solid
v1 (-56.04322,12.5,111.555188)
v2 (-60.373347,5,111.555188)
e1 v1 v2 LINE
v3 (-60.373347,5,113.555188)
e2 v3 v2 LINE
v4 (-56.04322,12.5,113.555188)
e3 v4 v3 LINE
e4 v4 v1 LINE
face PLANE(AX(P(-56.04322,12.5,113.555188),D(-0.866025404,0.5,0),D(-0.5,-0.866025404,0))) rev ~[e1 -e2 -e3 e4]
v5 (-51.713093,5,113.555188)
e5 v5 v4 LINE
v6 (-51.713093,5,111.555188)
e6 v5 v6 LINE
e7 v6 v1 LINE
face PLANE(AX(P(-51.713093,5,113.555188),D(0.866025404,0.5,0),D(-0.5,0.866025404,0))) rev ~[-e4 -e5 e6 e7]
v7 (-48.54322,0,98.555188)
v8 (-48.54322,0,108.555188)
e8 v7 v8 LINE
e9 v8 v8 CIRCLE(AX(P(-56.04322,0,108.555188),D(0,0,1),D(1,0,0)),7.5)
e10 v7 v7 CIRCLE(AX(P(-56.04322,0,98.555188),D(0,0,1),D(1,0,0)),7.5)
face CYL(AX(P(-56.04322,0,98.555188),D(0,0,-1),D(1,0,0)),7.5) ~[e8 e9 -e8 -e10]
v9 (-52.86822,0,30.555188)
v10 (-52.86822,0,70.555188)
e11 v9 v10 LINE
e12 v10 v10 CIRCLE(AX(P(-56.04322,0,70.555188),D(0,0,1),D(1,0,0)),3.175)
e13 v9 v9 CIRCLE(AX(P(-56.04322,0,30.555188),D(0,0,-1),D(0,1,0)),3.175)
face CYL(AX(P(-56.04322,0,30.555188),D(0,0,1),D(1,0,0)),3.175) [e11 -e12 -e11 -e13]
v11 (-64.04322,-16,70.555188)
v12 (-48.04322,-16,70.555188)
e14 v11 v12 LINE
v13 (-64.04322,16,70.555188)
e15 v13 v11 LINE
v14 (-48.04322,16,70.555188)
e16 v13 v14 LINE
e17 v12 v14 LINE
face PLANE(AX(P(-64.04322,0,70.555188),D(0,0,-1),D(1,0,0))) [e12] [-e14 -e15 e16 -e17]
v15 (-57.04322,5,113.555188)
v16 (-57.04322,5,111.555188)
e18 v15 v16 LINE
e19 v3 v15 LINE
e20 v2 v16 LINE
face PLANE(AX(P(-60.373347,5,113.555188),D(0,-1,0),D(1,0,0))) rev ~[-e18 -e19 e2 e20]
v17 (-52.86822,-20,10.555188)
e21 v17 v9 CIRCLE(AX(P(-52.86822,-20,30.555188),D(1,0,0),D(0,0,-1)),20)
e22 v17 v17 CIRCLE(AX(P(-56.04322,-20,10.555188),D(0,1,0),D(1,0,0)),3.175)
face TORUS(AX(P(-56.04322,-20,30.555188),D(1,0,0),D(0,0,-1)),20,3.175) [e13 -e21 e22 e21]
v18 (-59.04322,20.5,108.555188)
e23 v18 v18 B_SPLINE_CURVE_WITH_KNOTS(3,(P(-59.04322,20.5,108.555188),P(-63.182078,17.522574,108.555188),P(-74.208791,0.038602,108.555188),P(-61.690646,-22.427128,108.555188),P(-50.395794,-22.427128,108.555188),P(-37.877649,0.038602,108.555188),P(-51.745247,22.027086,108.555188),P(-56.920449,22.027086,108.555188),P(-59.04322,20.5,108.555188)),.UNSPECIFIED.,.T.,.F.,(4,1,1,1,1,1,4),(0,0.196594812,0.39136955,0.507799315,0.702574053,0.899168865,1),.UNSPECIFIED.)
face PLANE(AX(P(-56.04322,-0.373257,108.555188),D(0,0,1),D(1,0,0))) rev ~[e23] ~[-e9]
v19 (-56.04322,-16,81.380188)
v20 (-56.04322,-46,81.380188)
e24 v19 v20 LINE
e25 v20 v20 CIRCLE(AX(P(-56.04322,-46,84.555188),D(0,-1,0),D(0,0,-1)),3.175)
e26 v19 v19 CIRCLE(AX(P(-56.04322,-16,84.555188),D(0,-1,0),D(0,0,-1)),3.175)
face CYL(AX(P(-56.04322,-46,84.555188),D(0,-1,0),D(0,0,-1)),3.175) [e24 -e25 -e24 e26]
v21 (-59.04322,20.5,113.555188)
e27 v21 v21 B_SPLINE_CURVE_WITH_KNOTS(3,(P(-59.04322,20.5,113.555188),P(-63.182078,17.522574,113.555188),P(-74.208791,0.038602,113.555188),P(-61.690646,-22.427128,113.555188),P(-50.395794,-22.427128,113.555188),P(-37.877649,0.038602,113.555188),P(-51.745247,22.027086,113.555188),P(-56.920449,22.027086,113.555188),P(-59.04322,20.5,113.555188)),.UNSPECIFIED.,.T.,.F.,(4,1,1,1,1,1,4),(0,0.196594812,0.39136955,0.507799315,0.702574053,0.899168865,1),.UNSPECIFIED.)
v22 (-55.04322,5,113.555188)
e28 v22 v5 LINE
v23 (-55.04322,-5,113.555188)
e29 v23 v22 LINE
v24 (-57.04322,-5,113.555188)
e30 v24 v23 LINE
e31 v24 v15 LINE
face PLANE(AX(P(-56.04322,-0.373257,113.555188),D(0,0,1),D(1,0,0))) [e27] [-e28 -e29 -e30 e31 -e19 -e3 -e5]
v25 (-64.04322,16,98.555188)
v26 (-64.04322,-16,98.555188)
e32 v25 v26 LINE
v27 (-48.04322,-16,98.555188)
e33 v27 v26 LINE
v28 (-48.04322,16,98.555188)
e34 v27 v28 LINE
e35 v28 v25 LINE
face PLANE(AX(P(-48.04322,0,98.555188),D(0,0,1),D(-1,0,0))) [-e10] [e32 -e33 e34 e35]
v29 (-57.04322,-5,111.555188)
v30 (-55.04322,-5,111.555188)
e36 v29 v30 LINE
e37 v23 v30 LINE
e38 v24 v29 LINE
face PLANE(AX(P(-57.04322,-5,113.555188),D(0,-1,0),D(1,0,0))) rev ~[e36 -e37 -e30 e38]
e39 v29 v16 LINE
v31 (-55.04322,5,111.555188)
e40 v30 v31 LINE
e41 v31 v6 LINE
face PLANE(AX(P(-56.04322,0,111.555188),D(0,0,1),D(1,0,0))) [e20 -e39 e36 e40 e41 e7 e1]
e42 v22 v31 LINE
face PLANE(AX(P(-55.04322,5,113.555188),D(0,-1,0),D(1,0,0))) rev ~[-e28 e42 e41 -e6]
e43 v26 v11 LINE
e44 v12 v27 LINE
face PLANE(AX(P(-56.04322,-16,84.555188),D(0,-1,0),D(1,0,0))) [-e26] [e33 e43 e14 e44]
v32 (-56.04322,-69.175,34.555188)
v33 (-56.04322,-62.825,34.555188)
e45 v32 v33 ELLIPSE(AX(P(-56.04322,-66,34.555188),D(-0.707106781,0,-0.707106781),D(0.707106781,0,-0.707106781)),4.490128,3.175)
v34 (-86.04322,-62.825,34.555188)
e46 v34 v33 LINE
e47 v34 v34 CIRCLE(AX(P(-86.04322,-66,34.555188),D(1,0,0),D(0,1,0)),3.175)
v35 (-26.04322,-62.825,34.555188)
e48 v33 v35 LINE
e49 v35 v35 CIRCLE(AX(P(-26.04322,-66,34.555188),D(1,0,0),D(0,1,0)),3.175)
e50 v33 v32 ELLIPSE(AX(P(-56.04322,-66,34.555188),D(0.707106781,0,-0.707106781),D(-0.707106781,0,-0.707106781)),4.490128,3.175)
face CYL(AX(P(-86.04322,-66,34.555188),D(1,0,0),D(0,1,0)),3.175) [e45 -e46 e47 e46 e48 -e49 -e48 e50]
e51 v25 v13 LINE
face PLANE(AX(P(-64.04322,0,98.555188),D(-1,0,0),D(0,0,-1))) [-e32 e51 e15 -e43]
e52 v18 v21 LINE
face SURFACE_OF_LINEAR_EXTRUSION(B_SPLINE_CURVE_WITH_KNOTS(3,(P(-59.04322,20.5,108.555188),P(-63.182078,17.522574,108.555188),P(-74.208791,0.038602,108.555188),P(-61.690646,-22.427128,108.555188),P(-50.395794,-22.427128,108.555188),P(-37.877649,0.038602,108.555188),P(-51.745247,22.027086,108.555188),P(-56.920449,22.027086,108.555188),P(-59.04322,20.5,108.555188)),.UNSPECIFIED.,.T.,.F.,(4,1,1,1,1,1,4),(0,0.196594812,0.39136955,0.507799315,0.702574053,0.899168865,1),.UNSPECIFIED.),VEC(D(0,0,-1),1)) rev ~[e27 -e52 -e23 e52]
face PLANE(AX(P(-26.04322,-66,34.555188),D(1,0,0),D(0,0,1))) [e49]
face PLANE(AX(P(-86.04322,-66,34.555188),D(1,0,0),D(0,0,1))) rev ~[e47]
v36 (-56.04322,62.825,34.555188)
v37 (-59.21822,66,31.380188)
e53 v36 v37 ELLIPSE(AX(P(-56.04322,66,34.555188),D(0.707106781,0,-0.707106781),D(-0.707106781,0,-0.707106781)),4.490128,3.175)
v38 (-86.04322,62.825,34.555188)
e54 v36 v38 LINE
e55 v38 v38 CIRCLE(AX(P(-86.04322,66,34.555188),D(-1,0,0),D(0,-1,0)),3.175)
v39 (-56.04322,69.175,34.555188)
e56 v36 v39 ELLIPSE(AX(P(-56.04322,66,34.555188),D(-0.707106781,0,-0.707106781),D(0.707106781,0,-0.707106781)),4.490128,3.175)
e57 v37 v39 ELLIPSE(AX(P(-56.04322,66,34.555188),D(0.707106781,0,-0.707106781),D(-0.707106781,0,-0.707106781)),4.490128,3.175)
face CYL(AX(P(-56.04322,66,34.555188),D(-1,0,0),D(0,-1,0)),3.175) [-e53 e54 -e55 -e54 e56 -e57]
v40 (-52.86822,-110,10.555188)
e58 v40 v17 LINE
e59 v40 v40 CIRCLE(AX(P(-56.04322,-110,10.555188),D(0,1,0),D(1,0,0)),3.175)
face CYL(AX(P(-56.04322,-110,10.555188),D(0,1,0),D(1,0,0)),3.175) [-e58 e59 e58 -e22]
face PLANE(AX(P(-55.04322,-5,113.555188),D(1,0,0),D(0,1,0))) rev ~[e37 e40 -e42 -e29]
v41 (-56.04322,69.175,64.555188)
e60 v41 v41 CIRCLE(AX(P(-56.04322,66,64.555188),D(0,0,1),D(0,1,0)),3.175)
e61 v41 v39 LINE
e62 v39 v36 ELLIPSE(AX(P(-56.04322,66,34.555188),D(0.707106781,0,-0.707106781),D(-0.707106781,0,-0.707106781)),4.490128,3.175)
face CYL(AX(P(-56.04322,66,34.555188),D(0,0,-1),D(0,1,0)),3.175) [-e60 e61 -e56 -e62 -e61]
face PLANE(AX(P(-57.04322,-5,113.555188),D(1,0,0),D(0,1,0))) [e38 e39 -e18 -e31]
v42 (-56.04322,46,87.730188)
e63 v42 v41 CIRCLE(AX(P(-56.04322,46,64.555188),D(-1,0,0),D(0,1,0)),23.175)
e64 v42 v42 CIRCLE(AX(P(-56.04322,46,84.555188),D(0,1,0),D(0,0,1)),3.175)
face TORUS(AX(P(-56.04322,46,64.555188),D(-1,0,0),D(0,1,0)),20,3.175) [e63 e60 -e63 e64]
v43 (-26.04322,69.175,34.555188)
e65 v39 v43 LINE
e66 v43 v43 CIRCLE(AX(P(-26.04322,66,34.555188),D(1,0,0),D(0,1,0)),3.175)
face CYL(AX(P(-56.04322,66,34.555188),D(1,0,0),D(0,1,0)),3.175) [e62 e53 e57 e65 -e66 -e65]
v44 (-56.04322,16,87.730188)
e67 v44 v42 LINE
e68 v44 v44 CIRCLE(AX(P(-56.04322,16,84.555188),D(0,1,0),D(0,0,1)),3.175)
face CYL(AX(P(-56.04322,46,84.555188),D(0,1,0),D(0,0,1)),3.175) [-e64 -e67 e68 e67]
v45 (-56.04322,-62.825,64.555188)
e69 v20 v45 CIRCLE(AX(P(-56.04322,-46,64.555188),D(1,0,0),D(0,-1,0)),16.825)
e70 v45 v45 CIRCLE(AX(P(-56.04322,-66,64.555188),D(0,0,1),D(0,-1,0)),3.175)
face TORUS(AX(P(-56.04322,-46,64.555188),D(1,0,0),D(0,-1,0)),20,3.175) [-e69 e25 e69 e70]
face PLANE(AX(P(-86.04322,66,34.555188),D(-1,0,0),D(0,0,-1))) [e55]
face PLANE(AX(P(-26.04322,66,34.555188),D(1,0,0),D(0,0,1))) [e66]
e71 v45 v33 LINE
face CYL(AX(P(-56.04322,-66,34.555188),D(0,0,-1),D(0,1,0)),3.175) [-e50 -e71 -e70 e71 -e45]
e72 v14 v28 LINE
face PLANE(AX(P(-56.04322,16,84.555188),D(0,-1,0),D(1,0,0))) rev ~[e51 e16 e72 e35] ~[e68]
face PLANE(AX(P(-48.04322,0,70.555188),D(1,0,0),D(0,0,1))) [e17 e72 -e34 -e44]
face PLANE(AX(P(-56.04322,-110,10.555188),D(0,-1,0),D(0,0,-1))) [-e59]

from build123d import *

# Parameters (mm, degrees)
F1_DEPTH  = 16
F5_R      = 3.175
F7_R      = 7.5
F8_DEPTH  = 10
F9_R      = 7.5
F10_DEPTH = 5
F17_R     = 3.175
F21_R     = 3.175
F27_R     = 3.175
F30_R     = 3.175
F32_W     = 2
F32_H     = 10
F33_DEPTH = 2


with BuildPart() as f1:
    # F0 (on Front) → F1 (new body, symmetric)
    with BuildSketch(Plane.XZ):
        Polygon((-48.0432198807, 98.5551881223), (-64.0432198807, 98.5551881223), (-64.0432198807, 70.5551881223), (-56.0432198807, 70.5551881223), (-48.0432198807, 70.5551881223), align=None)
    extrude(amount=F1_DEPTH, both=True)

    # F6: sweep along a path in F6_path
    with BuildLine(Plane(origin=(-56.0432198807, -20, 10.5551881223), x_dir=(0, 0, -1), z_dir=(-1, 0, 0))) as f6_path:
        Line((0, 90), (0, 0))
        ThreePointArc((0, 0), (-5.8578643763, -14.1421356237), (-20, -20))
        Line((-20, -20), (-60, -20))
    # F5 (on line) → F6 (sweep)
    with BuildSketch(Plane.XZ.offset(110)):
        with Locations((-56.0432198807, 10.5551881223)):
            Circle(F5_R)
    sweep(path=f6_path.line)

    # F7 (on face) → F8 (join)
    with BuildSketch(Plane.XY.offset(98.5551881223)):
        with Locations((-56.0432198807, 0)):
            Circle(F7_R)
    extrude(amount=F8_DEPTH)

    # F9 (on face) → F10 (join)
    with BuildSketch(Plane.XY.offset(108.5551881223)):
        with BuildLine():
            add(Edge.make_bspline(
                [(-59.0432198807, 20.5), (-63.1820776134, 17.5225742997), (-74.2087905269, 0.0386020272), (-61.6906458692, -22.42712819), (-50.3957938922, -22.42712819), (-37.8776492346, 0.0386020272), (-51.745247395, 22.0270861409), (-56.9204490985, 22.0270861409), (-59.0432198807, 20.5)],
                knots=[0, 0, 0, 0, 0.1965948121, 0.3913695495, 0.5077993154, 0.7025740528, 0.8991688649, 1, 1, 1, 1], degree=3))
        make_face()
        with Locations((-56.0432198807, 0)):
            Circle(F9_R, mode=Mode.SUBTRACT)
        with Locations((-56.0432198807, 0)):
            Circle(F9_R)
    extrude(amount=F10_DEPTH)

    # F18: sweep along a path in F15, F13
    with BuildLine(Plane.XZ.offset(66)) as f18_path:
        Line((-56.0432198807, 34.5551881223), (-26.0432198807, 34.5551881223))
    with BuildLine(Plane.YZ.offset(-56.0432198807)) as f18_path_2:
        Line((-66, 34.5551881223), (-66, 64.5551881223))
        ThreePointArc((-66, 64.5551881223), (-60.1421356237, 78.697323746), (-46, 84.5551881223))
        Line((-46, 84.5551881223), (-16, 84.5551881223))
    # F17 (on line) → F18 (sweep)
    with BuildSketch(Plane.YZ.offset(-26.0432198807)):
        with Locations((-66, 34.5551881223)):
            Circle(F17_R)
    sweep(path=f18_path.line + f18_path_2.line, transition=Transition.RIGHT)

    # F22: sweep along a path in F19
    with BuildLine(Plane.XZ.offset(66)) as f22_path:
        Line((-86.0432198807, 34.5551881223), (-56.0432198807, 34.5551881223))
    # F21 (on line) → F22 (sweep)
    with BuildSketch(Plane.YZ.offset(-86.0432198807)):
        with Locations((-66, 34.5551881223)):
            Circle(F21_R)
    sweep(path=f22_path.line)

    # F28: sweep along a path in F25, F23
    with BuildLine(Plane(origin=(0, 0, 34.5551881223), x_dir=(1, 0, 0), z_dir=(0, 0, -1))) as f28_path:
        Line((-56.0432198807, -66), (-26.0432198807, -66))
    with BuildLine(Plane.YZ.offset(-56.0432198807)) as f28_path_2:
        Line((66, 34.5551881223), (66, 64.5551881223))
        ThreePointArc((66, 64.5551881223), (60.1421356237, 78.697323746), (46, 84.5551881223))
        Line((46, 84.5551881223), (16, 84.5551881223))
    # F27 (on line) → F28 (sweep)
    with BuildSketch(Plane.YZ.offset(-26.0432198807)):
        with Locations((66, 34.5551881223)):
            Circle(F27_R)
    sweep(path=f28_path.line + f28_path_2.line, transition=Transition.RIGHT)

    # F31: sweep along a path in F25
    with BuildLine(Plane(origin=(0, 0, 34.5551881223), x_dir=(1, 0, 0), z_dir=(0, 0, -1))) as f31_path:
        Line((-56.0432198807, -66), (-86.0432198807, -66))
    # F30 (on line) → F31 (sweep)
    with BuildSketch(Plane(origin=(-86.0432198807, 0, 0), x_dir=(0, -1, 0), z_dir=(-1, 0, 0))):
        with Locations((-66, 34.5551881223)):
            Circle(F30_R)
    sweep(path=f31_path.line)

    # F32 (on face) → F33 (cut)
    with BuildSketch(Plane.XY.offset(113.5551881223)):
        with Locations((-56.0432198807, 0)):
            Rectangle(F32_W, F32_H)
        Polygon((-60.3733468996, 5), (-57.0432198807, 5), (-55.0432198807, 5), (-51.7130928618, 5), (-56.0432198807, 12.5), align=None)
    extrude(amount=-F33_DEPTH, mode=Mode.SUBTRACT)


solid = f1.part
